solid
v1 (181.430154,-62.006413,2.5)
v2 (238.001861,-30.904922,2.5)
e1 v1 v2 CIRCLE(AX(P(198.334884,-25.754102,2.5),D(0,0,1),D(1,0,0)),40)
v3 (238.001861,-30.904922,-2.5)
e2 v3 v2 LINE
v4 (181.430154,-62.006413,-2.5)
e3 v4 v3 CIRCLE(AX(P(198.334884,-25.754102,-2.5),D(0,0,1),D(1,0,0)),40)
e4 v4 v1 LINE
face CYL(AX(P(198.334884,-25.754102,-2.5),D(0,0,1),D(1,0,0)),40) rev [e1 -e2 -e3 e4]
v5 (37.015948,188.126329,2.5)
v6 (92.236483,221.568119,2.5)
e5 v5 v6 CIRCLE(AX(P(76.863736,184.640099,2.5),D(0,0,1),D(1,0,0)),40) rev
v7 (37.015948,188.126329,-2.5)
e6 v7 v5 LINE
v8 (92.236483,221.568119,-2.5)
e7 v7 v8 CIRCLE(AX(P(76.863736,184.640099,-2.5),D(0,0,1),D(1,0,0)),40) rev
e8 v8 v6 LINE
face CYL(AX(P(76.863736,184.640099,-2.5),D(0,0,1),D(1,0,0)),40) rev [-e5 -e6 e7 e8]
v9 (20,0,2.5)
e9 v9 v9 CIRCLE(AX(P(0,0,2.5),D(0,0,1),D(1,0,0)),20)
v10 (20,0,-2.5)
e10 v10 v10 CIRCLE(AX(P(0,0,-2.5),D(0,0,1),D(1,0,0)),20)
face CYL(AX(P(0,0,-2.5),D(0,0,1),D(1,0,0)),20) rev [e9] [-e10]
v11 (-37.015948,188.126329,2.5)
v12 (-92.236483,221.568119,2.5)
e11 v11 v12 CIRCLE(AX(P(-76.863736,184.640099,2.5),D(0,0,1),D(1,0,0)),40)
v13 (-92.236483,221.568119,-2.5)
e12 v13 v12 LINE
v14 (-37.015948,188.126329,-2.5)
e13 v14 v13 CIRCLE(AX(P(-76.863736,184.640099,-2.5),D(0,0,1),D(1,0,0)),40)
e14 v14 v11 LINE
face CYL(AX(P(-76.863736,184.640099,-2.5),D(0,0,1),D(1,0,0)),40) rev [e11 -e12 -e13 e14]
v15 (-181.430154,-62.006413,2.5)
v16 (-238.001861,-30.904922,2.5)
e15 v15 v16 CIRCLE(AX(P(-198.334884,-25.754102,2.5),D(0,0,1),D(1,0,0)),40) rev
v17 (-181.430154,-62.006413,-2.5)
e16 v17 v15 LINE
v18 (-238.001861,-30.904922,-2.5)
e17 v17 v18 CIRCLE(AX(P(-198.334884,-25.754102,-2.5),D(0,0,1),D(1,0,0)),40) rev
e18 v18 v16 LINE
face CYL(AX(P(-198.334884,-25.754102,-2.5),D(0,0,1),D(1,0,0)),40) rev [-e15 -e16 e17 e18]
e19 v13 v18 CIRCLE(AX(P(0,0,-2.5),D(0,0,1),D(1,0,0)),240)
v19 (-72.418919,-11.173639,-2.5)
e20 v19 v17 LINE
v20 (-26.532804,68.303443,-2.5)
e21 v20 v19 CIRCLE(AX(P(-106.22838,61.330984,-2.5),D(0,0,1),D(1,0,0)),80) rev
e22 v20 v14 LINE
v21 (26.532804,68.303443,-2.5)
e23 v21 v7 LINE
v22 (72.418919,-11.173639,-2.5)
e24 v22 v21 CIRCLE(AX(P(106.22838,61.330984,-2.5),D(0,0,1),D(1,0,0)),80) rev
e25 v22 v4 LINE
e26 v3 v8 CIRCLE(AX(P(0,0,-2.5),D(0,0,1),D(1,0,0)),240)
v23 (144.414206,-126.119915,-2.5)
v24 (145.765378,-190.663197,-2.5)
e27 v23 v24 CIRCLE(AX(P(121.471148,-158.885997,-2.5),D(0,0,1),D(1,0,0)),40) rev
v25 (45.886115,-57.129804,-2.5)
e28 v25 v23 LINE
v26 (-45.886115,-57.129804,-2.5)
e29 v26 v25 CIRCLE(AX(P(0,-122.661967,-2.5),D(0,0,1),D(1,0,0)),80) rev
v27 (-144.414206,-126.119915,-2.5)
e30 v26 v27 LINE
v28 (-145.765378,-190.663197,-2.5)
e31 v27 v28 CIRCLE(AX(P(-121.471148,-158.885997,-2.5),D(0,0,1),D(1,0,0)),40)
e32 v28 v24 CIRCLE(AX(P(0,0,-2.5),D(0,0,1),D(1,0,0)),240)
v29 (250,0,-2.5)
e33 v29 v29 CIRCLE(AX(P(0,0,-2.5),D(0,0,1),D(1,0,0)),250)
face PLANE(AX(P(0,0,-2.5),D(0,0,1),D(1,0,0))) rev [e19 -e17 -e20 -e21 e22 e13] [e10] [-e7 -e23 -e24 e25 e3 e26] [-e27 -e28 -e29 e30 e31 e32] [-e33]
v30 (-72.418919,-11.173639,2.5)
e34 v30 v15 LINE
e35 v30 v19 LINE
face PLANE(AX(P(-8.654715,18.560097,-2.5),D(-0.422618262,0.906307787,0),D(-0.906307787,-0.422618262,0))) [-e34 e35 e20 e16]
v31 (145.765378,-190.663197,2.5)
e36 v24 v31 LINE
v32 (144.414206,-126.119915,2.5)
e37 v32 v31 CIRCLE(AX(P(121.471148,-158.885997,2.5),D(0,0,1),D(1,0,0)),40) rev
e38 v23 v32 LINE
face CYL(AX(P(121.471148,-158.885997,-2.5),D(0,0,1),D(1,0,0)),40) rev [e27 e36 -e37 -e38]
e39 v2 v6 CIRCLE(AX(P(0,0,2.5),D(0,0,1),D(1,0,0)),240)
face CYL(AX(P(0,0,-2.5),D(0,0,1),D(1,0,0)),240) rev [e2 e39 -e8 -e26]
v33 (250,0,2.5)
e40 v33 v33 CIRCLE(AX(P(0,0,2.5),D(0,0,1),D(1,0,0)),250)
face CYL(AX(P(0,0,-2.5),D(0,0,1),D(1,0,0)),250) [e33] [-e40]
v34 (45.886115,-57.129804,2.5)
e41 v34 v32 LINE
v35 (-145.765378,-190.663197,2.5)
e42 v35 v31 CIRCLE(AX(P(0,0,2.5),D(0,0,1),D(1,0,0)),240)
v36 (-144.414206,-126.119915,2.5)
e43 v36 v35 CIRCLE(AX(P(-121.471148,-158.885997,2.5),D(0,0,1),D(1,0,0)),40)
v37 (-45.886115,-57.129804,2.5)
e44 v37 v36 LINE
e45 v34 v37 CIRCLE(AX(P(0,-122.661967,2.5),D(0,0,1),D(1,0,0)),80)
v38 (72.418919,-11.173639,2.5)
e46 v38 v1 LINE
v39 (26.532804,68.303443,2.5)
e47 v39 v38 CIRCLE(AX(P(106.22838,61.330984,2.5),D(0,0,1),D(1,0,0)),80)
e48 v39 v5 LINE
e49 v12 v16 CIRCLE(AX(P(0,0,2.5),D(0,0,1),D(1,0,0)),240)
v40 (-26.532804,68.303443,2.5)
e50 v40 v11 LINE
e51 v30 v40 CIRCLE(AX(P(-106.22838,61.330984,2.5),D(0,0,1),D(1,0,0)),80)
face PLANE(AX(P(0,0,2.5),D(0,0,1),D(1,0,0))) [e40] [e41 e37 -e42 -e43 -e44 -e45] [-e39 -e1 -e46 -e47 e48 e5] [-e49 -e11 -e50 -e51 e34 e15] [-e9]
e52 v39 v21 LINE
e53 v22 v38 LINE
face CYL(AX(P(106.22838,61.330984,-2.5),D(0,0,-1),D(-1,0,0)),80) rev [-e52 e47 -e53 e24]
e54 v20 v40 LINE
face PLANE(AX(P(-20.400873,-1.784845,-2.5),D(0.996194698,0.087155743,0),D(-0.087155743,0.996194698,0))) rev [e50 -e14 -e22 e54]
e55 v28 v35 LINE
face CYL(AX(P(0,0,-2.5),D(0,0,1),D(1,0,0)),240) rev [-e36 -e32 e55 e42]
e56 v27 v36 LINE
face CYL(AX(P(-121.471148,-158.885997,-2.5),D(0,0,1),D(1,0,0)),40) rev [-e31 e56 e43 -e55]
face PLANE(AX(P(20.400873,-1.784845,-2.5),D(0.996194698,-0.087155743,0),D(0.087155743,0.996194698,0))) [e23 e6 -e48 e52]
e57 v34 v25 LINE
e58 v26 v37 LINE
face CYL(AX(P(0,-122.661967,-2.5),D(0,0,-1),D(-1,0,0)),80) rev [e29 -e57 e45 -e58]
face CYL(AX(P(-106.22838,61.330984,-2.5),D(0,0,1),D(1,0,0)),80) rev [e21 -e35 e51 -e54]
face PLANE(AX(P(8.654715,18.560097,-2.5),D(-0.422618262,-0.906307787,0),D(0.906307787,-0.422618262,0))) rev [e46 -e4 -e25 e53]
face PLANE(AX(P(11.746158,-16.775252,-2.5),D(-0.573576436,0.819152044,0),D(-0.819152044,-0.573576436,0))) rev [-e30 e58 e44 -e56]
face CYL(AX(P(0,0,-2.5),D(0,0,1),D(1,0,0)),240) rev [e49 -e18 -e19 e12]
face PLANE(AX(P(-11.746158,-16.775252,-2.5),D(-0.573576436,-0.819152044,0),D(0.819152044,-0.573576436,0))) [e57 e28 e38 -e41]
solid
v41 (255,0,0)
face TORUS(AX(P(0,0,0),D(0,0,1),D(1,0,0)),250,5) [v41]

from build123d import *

# Parameters (mm, degrees)
BOSS_EXTRUDE1_DEPTH      = 2.5
BOSS_EXTRUDE1_DEPTH_BACK = 2.5
SKETCH1_R                = 20
BOSS_EXTRUDE2_DEPTH      = 2.5
BOSS_EXTRUDE2_DEPTH_BACK = 2.5
SKETCH1_7_R              = 250
SKETCH1_7_R_2            = 240
SKETCH3_R                = 5
FILLET1_R                = 80
FILLET2_R                = 80
FILLET3_R                = 80


with BuildPart() as part:
    # Sketch1 → Boss-Extrude1 (new, two sides: drawn at the far end of the back side and taken through both)
    with BuildSketch(Plane.XY.offset(-BOSS_EXTRUDE1_DEPTH_BACK)):
        with BuildLine():
            Line((0, -25), (144.414205762, -126.119915499))
            ThreePointArc((144.414205762, -126.119915499), (161.46238624, -158.048806347), (145.76537797, -190.663196725))
            ThreePointArc((145.76537797, -190.663196725), (207.846096908, -120), (238.001860915, -30.904921952))
            ThreePointArc((238.001860915, -30.904921952), (217.605474454, -60.806125066), (181.430153626, -62.006413108))
            Line((181.430153626, -62.006413108), (21.650635095, 12.5))
            Line((21.650635095, 12.5), (37.015947864, 188.126328607))
            ThreePointArc((37.015947864, 188.126328607), (56.143088214, 218.854931413), (92.236482946, 221.568118676))
            ThreePointArc((92.236482946, 221.568118676), (0, 240), (-92.236482946, 221.568118676))
            ThreePointArc((-92.236482946, 221.568118676), (-56.143088214, 218.854931413), (-37.015947864, 188.126328607))
            Line((-37.015947864, 188.126328607), (-21.650635095, 12.5))
            Line((-21.650635095, 12.5), (-181.430153626, -62.006413108))
            ThreePointArc((-181.430153626, -62.006413108), (-217.605474454, -60.806125066), (-238.001860915, -30.904921952))
            ThreePointArc((-238.001860915, -30.904921952), (-207.846096908, -120), (-145.76537797, -190.663196725))
            ThreePointArc((-145.76537797, -190.663196725), (-161.46238624, -158.048806347), (-144.414205762, -126.119915499))
            Line((-144.414205762, -126.119915499), (0, -25))
        make_face()
        Circle(SKETCH1_R, mode=Mode.SUBTRACT)
    extrude(amount=BOSS_EXTRUDE1_DEPTH + BOSS_EXTRUDE1_DEPTH_BACK)

    # Sketch1<7> → Boss-Extrude2 (add, two sides: drawn at the far end of the back side and taken through both)
    with BuildSketch(Plane.XY.offset(-BOSS_EXTRUDE2_DEPTH_BACK)):
        Circle(SKETCH1_7_R)
        Circle(SKETCH1_7_R_2, mode=Mode.SUBTRACT)
    extrude(amount=BOSS_EXTRUDE2_DEPTH + BOSS_EXTRUDE2_DEPTH_BACK)

    # Fillet1
    fillet1_edges = [part.edges().sort_by_distance(p)[0] for p in [
        (-21.650635095, 12.5, 0),
    ]]
    fillet(fillet1_edges, radius=FILLET1_R)

    # Fillet2
    fillet2_edges = [part.edges().sort_by_distance(p)[0] for p in [
        (21.650635095, 12.5, 0),
    ]]
    fillet(fillet2_edges, radius=FILLET2_R)

    # Fillet3
    fillet3_edges = [part.edges().sort_by_distance(p)[0] for p in [
        (0, -25, 0),
    ]]
    fillet(fillet3_edges, radius=FILLET3_R)


with BuildPart() as body_2:
    # Sketch3 → Revolve1 (revolve)
    with BuildSketch(Plane(origin=(0, 0, 0), x_dir=(0, 0, -1), z_dir=(1, 0, 0)), mode=Mode.PRIVATE) as revolve1_sk:
        with Locations((0, 250)):
            Circle(SKETCH3_R)
    revolve(revolve1_sk.sketch.rotate(Axis((0, 0, 0), (0, 0, -1)), 90), axis=Axis((0, 0, 0), (0, 0, -1)))


solid = Compound([part.part, body_2.part])
